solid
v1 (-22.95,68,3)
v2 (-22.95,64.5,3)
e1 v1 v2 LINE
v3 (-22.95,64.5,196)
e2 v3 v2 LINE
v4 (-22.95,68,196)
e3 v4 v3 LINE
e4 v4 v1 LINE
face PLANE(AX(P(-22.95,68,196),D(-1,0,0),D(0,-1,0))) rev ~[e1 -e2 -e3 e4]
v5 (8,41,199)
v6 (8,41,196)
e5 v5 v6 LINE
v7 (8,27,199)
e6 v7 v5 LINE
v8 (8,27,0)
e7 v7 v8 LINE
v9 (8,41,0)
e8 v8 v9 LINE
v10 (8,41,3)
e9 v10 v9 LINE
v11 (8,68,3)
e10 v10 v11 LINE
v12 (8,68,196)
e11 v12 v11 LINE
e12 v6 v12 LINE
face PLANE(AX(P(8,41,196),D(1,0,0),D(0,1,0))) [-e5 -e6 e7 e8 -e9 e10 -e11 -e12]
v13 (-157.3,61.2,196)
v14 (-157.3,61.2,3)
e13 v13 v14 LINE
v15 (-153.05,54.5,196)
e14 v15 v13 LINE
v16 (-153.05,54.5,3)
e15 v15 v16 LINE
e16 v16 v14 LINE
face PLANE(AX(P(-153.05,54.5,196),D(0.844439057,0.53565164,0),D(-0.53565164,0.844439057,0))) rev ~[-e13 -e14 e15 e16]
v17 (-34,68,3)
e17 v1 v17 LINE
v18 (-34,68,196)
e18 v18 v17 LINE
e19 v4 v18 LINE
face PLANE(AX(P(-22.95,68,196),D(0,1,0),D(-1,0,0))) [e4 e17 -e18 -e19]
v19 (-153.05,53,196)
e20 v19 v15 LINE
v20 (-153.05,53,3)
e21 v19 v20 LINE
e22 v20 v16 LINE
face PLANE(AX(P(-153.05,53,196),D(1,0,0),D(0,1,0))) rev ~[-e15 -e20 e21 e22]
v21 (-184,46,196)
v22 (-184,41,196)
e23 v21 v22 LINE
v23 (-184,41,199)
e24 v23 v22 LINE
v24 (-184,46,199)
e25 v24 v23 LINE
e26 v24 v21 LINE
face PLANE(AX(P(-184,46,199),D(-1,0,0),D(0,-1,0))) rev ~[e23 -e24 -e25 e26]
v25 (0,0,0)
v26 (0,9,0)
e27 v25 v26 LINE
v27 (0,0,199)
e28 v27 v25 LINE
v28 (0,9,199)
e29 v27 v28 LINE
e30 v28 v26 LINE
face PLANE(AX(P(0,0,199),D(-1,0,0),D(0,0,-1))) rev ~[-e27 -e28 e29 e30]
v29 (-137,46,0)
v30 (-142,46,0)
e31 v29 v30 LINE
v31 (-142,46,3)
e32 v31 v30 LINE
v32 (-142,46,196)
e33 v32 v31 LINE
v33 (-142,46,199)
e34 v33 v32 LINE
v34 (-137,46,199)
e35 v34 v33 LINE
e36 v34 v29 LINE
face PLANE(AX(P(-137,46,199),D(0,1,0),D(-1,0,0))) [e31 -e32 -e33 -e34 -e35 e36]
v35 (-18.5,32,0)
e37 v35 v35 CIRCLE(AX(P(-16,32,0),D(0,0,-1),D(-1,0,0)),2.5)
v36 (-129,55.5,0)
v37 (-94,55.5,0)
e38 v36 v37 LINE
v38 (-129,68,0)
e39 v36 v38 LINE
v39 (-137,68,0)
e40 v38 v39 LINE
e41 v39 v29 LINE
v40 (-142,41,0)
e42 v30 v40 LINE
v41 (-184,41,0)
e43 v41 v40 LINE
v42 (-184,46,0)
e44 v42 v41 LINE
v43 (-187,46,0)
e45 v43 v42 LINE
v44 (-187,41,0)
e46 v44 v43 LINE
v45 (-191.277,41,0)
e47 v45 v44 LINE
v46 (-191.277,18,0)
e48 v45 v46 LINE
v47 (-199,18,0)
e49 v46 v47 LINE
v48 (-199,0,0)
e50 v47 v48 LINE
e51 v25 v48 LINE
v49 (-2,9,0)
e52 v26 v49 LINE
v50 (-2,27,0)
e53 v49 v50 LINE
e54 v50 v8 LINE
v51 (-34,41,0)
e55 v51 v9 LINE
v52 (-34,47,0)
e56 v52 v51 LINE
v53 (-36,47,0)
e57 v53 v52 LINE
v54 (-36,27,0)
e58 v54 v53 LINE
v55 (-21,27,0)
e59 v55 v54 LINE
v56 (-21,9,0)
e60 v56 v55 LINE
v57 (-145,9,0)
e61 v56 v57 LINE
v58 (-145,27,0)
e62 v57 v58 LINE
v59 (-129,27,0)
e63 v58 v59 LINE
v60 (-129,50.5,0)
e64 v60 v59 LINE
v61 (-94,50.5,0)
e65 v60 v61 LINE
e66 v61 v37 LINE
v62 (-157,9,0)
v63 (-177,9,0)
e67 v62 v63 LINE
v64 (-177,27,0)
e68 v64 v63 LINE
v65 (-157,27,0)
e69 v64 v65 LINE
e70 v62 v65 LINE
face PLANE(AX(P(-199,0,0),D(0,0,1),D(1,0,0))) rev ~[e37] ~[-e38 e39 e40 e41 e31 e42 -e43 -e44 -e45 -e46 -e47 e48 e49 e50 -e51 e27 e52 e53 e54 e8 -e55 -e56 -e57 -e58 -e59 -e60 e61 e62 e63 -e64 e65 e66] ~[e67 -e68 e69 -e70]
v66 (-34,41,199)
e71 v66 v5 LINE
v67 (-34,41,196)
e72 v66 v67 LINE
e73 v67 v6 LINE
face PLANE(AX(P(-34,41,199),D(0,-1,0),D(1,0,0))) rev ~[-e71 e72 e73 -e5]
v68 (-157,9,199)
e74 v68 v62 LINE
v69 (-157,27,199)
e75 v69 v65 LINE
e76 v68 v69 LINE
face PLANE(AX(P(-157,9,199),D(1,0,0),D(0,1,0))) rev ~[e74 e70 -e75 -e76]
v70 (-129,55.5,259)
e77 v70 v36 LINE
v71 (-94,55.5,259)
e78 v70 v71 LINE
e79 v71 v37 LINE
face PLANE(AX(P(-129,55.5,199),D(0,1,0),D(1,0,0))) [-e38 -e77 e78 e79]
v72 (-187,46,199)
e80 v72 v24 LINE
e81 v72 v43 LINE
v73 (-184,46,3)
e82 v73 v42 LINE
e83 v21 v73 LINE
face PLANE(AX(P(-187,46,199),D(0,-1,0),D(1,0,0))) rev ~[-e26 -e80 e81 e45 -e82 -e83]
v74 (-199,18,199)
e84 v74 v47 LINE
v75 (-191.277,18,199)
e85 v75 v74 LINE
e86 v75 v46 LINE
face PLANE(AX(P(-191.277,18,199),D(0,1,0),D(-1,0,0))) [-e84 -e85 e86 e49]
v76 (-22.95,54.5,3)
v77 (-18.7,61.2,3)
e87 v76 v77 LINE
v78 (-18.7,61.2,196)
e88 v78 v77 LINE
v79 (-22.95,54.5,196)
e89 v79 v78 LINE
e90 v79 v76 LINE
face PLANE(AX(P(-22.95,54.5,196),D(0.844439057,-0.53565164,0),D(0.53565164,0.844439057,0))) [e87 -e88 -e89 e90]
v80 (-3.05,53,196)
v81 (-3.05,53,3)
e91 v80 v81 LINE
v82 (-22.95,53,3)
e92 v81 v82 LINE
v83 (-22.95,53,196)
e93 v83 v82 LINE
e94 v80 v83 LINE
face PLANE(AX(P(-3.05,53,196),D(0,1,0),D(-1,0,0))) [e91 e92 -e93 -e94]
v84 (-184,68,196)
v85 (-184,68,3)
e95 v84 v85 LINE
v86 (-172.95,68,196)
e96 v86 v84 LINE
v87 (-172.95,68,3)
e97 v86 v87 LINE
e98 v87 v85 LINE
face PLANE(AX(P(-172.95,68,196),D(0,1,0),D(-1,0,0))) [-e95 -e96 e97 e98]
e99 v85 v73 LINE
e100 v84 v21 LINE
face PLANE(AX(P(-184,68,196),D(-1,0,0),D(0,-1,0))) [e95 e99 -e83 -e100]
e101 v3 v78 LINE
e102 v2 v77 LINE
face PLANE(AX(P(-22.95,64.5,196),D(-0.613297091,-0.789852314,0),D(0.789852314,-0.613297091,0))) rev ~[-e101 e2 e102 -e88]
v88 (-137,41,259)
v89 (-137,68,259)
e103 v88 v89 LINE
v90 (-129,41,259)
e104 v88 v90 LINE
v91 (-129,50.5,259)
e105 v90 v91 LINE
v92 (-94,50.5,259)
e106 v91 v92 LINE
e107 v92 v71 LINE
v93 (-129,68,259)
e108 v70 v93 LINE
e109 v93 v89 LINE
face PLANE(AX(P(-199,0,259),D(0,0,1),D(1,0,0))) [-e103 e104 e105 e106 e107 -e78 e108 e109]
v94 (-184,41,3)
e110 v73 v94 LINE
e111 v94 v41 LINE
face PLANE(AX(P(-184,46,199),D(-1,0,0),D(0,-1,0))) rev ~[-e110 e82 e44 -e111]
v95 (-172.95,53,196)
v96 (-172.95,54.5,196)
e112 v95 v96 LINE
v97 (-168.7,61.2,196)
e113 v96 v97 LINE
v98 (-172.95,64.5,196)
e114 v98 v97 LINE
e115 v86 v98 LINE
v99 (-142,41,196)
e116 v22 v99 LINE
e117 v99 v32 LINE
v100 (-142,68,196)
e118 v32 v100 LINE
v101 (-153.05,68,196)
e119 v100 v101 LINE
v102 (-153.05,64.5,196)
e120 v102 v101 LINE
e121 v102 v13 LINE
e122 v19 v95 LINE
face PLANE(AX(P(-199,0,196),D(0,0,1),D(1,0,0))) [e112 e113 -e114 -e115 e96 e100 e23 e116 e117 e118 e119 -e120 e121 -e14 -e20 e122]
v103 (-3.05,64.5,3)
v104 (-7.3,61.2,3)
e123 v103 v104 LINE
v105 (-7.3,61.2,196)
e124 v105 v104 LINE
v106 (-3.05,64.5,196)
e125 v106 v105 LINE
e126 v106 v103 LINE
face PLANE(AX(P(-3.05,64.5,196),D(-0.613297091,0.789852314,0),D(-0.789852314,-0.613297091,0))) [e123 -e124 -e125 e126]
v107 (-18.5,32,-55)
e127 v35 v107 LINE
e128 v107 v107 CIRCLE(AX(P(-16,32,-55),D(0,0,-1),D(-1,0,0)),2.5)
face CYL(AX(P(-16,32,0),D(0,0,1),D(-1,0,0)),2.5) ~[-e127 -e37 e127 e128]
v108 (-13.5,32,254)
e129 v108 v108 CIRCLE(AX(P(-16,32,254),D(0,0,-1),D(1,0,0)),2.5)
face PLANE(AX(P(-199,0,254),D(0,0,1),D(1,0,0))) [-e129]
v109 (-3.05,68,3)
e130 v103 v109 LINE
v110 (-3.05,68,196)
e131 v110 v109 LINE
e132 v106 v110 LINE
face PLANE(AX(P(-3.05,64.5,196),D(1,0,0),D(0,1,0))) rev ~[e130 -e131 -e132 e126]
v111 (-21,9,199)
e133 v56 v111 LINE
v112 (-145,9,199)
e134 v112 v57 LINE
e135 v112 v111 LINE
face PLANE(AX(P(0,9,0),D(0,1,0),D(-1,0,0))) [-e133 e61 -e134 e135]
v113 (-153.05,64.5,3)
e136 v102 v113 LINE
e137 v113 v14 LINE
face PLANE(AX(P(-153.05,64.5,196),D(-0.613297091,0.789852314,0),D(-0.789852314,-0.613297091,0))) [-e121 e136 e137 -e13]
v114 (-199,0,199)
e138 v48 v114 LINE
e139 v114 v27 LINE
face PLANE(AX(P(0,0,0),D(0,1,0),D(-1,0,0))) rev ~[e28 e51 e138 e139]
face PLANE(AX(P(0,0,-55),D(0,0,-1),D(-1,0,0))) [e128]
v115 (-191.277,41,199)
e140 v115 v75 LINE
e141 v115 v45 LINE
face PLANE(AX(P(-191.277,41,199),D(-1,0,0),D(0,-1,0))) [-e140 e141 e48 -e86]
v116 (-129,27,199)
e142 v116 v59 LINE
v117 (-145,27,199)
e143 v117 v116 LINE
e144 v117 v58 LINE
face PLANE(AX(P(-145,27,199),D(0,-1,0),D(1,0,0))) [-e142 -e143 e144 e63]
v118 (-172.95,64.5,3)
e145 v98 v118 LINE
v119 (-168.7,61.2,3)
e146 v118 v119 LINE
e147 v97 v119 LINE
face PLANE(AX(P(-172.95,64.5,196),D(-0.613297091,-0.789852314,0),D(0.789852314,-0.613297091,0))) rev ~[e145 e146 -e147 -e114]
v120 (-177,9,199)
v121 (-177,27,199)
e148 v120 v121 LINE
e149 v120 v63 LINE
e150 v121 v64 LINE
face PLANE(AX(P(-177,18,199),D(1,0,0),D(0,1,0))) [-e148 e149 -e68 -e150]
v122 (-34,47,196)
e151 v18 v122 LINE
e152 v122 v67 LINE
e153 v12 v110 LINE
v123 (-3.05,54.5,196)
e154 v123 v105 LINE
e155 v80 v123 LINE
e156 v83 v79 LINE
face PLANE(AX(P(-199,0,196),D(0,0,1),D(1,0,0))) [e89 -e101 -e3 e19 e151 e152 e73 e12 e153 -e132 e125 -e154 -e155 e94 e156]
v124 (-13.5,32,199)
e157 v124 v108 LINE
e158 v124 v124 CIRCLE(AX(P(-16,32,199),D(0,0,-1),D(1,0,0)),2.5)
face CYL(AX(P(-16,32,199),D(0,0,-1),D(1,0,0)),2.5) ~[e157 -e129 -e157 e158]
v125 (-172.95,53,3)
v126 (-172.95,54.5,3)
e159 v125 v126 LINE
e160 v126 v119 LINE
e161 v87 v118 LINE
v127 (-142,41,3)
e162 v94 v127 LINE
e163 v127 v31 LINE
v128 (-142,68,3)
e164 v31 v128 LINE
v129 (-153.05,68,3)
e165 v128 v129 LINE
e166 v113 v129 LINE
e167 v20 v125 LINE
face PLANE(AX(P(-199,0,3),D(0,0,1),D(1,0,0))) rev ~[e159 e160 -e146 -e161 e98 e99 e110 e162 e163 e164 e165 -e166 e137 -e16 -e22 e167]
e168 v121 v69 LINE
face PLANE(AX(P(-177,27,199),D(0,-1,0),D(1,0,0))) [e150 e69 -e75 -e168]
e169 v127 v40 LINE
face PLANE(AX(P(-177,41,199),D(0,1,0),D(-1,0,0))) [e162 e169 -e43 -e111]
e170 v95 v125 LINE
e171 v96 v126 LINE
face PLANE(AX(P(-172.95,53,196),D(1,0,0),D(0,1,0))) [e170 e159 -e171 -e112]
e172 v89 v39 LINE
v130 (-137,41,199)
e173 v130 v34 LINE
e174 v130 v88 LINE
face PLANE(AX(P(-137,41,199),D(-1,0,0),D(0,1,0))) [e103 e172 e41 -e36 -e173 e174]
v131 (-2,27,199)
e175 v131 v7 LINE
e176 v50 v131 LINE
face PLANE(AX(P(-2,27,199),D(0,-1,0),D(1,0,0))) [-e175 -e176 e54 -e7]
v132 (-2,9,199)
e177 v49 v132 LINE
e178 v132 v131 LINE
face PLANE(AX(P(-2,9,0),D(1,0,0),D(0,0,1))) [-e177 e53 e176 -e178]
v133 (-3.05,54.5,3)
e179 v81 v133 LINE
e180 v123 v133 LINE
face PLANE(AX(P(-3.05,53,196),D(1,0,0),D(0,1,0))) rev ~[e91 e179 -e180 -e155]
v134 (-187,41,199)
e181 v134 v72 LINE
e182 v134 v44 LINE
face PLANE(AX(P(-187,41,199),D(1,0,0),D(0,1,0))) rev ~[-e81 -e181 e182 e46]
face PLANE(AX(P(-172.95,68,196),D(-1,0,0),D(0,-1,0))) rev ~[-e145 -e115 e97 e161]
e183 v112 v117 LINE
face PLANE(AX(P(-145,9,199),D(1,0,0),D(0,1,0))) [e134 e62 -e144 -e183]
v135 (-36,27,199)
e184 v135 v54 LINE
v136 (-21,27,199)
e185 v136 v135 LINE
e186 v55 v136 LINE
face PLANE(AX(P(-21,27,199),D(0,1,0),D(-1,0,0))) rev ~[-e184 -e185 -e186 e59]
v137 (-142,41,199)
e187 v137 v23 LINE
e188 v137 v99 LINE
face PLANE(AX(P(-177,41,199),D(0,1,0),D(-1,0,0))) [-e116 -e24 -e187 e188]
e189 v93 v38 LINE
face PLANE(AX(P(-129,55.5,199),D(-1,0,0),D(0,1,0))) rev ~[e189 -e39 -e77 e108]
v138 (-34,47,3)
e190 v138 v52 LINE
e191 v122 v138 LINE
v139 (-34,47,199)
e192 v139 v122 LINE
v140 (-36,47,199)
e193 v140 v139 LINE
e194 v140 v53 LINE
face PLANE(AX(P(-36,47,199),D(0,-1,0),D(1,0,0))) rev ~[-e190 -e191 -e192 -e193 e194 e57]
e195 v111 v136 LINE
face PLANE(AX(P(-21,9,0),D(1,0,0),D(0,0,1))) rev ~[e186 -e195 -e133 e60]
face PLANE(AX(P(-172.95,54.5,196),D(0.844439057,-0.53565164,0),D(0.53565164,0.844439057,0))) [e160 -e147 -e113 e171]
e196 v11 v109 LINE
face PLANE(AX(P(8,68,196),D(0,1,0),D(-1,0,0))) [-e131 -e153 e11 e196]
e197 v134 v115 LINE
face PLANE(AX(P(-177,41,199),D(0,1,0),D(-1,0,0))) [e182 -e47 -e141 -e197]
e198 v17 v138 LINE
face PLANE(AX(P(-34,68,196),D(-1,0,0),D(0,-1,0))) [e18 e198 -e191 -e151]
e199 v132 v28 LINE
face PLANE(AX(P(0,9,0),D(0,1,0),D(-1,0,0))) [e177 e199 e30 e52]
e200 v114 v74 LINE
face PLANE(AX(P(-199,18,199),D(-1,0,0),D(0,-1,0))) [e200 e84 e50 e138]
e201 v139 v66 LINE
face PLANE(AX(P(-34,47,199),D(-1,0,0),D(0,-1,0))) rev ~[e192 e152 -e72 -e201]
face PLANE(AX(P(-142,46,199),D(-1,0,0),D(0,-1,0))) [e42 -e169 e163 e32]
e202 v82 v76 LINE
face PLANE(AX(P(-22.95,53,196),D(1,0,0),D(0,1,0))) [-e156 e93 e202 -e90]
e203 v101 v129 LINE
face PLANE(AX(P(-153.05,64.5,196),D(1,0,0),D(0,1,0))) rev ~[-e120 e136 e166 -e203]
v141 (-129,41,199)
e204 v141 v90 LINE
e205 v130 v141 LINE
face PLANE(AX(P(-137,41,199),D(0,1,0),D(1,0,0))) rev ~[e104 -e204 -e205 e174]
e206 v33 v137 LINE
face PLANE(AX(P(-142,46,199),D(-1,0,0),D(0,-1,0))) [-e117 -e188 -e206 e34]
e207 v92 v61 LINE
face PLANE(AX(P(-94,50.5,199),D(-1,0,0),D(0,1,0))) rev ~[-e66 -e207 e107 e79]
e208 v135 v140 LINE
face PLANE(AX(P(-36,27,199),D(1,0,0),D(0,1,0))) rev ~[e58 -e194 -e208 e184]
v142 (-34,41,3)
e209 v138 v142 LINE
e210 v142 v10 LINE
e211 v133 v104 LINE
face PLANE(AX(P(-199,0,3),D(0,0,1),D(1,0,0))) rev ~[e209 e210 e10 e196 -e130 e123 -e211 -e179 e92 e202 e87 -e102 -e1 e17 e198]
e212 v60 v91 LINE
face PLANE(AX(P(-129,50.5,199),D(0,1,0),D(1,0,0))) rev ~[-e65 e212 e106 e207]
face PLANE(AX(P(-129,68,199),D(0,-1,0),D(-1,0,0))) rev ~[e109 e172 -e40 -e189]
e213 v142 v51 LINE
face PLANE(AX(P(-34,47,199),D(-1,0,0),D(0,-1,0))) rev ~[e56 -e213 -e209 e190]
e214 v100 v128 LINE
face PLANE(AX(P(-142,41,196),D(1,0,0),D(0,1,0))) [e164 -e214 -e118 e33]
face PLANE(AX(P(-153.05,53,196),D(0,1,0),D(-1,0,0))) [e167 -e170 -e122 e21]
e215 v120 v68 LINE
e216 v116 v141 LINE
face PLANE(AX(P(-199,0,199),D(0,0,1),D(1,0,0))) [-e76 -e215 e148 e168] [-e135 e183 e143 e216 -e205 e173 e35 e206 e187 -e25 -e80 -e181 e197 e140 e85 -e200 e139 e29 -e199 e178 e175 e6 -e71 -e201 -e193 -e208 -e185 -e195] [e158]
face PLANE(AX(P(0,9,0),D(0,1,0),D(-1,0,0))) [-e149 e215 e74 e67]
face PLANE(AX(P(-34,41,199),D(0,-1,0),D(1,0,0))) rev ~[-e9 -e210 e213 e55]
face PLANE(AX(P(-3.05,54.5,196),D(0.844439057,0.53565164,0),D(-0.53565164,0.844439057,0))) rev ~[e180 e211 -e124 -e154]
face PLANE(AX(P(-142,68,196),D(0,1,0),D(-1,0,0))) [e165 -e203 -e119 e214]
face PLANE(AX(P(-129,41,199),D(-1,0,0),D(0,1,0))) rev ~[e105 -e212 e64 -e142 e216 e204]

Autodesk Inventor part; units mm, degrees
ref_plane "YZ Plane" through (0, 0, 0) normal (1, 0, 0) x (0, 1, 0)
ref_plane "XZ Plane" through (0, 0, 0) normal (0, 1, 0) x (-1, 0, 0)
sketch "Sketch1" plane through (0, 0, 0) normal (0, 1, 0) x (-1, 0, 0)
  line L0 (0, 0) -> (199, 0)
  line L1 (199, 0) -> (199, 199)
  line L2 (199, 199) -> (0, 199)
  line L3 (0, 199) -> (0, 0)
  dimension "d0" = 199
  dimension "d1" = 199
extrude "Extrusion1" add sketch "Sketch1" along normal blind 9
sketch "Sketch2" plane through (0, 9, 0) normal (0, 1, 0) x (1, 0, 0)
  line L0 (0, 0) -> (-199, 0) projected
  line L1 (-199, -199) -> (0, -199) projected
  line L2 (0, 0) -> (-2, 0)
  line L3 (-2, 0) -> (-2, -199)
  line L4 (-2, 0) -> (-21, 0)
  line L5 (-21, 0) -> (-21, -199)
  dimension "d4" = 2
  dimension "d5" = 19
extrude "Extrusion2" add sketch "Sketch2" along normal blind 18
sketch "Sketch4" plane through (-199, 0, 199) normal (0, 0, 1) x (1, 0, 0)
  line L0 (178, 27) -> (197, 27) projected
  line L1 (197, 27) -> (207, 27)
  line L2 (207, 27) -> (207, 41)
  line L3 (178, 27) -> (163, 27)
  line L4 (163, 27) -> (163, 47)
  line L5 (163, 47) -> (165, 47)
  line L6 (165, 47) -> (165, 41)
  line L7 (165, 41) -> (207, 41)
  dimension "d9" = 10
  dimension "d10" = 14
  dimension "d11" = 15
  dimension "d12" = 20
  dimension "d13" = 2
extrude "Extrusion3" add sketch "Sketch4" against normal blind 199
ref_plane "Work Plane1" through (-199, 0, 196) normal (0, 0, 1) x (1, 0, 0)
sketch "Sketch5" plane through (-199, 0, 196) normal (0, 0, 1) x (1, 0, 0)
  line L0 (165, 41) -> (207, 41)
  line L1 (207, 41) -> (207, 68)
  line L2 (165, 68) -> (165, 41)
  line L3 (176.05, 68) -> (176.05, 64.5)
  line L4 (176.05, 64.5) -> (180.3, 61.2)
  line L5 (195.95, 64.5) -> (191.7, 61.2)
  line L6 (195.95, 64.5) -> (195.95, 68)
  line L7 (195.95, 53) -> (195.95, 54.5)
  line L8 (195.95, 54.5) -> (191.7, 61.2)
  line L9 (176.05, 54.5) -> (180.3, 61.2)
  line L10 (176.05, 53) -> (176.05, 54.5)
  line L11 (195.95, 53) -> (176.05, 53)
  line L12 (207, 68) -> (195.95, 68)
  line L13 (207, 68) -> (195.95, 68)
  line L14 (176.05, 68) -> (165, 68)
  line L15 (15, 41) -> (57, 41)
  line L16 (57, 41) -> (57, 68)
  line L17 (15, 68) -> (15, 41)
  line L18 (26.05, 68) -> (26.05, 64.5)
  line L19 (26.05, 64.5) -> (30.3, 61.2)
  line L20 (45.95, 64.5) -> (41.7, 61.2)
  line L21 (45.95, 64.5) -> (45.95, 68)
  line L22 (45.95, 53) -> (45.95, 54.5)
  line L23 (45.95, 54.5) -> (41.7, 61.2)
  line L24 (26.05, 54.5) -> (30.3, 61.2)
  line L25 (26.05, 53) -> (26.05, 54.5)
  line L26 (45.95, 53) -> (26.05, 53)
  line L27 (57, 68) -> (45.95, 68)
  line L28 (57, 68) -> (45.95, 68)
  line L29 (26.05, 68) -> (15, 68)
  line L30 (0, 9) -> (178, 9) projected
  point P0 (199, 0)
  point P1 (176.05, 51)
  point P2 (26.05, 51)
  dimension "d17" = 27
  dimension "d18" = 1.5
  dimension "d19" = 1.5
  dimension "d20" = 11.05
  dimension "d32" = 27
  dimension "d33" = 1.5
  dimension "d34" = 1.5
  dimension "d35" = 11.05
  dimension "d56" = 32
extrude "Extrusion4" add sketch "Sketch5" against normal blind 193 contours L2 L14 L3 L4 L9 L10 L11 L7 L8 L5 L6 L12 L1 L0
sketch "Sketch6" plane through (-199, 0, 199) normal (0, 0, 1) x (1, 0, 0)
  line L0 (0, 9) -> (178, 9) projected
  line L1 (0, 9) -> (22, 9)
  line L2 (22, 9) -> (22, 18)
  line L3 (7.723, 18) -> (0, 18)
  line L4 (0, 18) -> (0, 9)
  line L5 (22, 18) -> (22, 27)
  line L6 (22, 41) -> (7.723, 41)
  line L7 (7.723, 41) -> (7.723, 18)
  line L8 (70, 27) -> (70, 41)
  line L9 (70, 41) -> (22, 41)
  line L10 (54, 9) -> (54, 27)
  line L11 (42, 9) -> (42, 27)
  line L12 (22, 27) -> (42, 27)
  line L13 (54, 27) -> (70, 27)
  line L14 (0, 9) -> (22, 9)
  line L15 (42, 9) -> (54, 9)
  dimension "d29" = 20
  dimension "d55" = 14
  dimension "d57" = 18
extrude "Extrusion5" add sketch "Sketch6" against normal blind 199 contours L4 L3 L7 L6 L9 L8 L13 L10 L0 L11 L12 L5 L2
sketch "Sketch8" plane through (-199, 0, 196) normal (0, 0, 1) x (1, 0, 0)
  line L0 (207, 41) -> (165, 41) projected
  line L1 (207, 41) -> (207, 68) projected
  line L2 (207, 68) -> (195.95, 68) projected
  line L3 (195.95, 68) -> (195.95, 64.5) projected
  line L4 (195.95, 64.5) -> (191.7, 61.2) projected
  line L5 (191.7, 61.2) -> (195.95, 54.5) projected
  line L6 (195.95, 54.5) -> (195.95, 53) projected
  line L7 (195.95, 53) -> (176.05, 53) projected
  line L8 (176.05, 53) -> (176.05, 54.5) projected
  line L9 (176.05, 54.5) -> (180.3, 61.2) projected
  line L10 (180.3, 61.2) -> (176.05, 64.5) projected
  line L11 (176.05, 64.5) -> (176.05, 68) projected
  line L12 (176.05, 68) -> (165, 68) projected
  line L13 (165, 68) -> (165, 47) projected
  line L14 (165, 41) -> (165, 47) projected
  line L15 (7.723, 41) -> (70, 41) projected
  point P0 (199, 0)
extrude "Extrusion6" add sketch "Sketch5" against normal blind 193 contours L17 L29 L18 L19 L24 L25 L26 L22 L23 L20 L21 L27 L16 L15
sketch "Sketch9" plane through (-199, 0, 199) normal (0, 0, 1) x (1, 0, 0)
  line L0 (70, 41) -> (7.723, 41) projected
  line L1 (57, 41) -> (62, 41)
  line L2 (62, 41) -> (62, 46)
  line L3 (62, 46) -> (57, 46)
  line L4 (57, 46) -> (57, 41)
  line L5 (15, 41) -> (12, 41)
  line L6 (12, 41) -> (12, 46)
  line L7 (12, 46) -> (15, 46)
  line L8 (15, 46) -> (15, 41)
  dimension "d38" = 5
  dimension "d39" = 3
extrude "Extrusion7" add sketch "Sketch9" against normal blind 199
sketch "Sketch10" plane through (-199, 0, 199) normal (0, 0, 1) x (1, 0, 0)
  line L0 (62, 41) -> (62, 46) projected
  line L1 (62, 41) -> (70, 41)
  line L2 (70, 68) -> (62, 68)
  line L3 (62, 68) -> (62, 41)
  line L4 (70, 55.5) -> (105, 55.5)
  line L5 (70, 55.5) -> (105, 55.5)
  line L6 (70, 50.5) -> (105, 50.5)
  line L7 (70, 50.5) -> (105, 50.5)
  line L8 (70, 50.5) -> (105, 50.5)
  line L9 (105, 50.5) -> (105, 55.5)
  line L10 (105, 55.5) -> (70, 55.5)
  line L11 (70, 37) -> (70, 50.5)
  line L12 (70, 55.5) -> (70, 68)
  line L13 (70, 41) -> (70, 50.5)
  line L14 (70, 55.5) -> (70, 68)
  point P0 (0, 0)
  dimension "d42" = 35
  dimension "d59" = 27
  dimension "d60" = 12.5
  dimension "d61" = 5
extrude "Extrusion8" add sketch "Sketch10" against normal blind 199
extrude "Extrusion9" add sketch "Sketch10" along normal blind 60
sketch "Sketch11" plane through (-199, 0, 199) normal (0, 0, 1) x (1, 0, 0)
  line L0 (178, 27) -> (183, 27)
  line L1 (183, 27) -> (183, 32)
  circle A0 centre (183, 32) radius 2.5
  dimension "d47" = 5
  dimension "d50" = 5
extrude "Extrusion10" add sketch "Sketch11" along normal blind 55
sketch "Sketch12" plane through (0, 0, 0) normal (0, 0, -1) x (-1, 0, 0)
  circle A0 centre (16, 32) radius 2.5 projected
  circle A1 centre (16, 32) radius 2.5
extrude "Extrusion11" add sketch "Sketch12" along normal blind 55
properties part number "Platform" material "Steel"
